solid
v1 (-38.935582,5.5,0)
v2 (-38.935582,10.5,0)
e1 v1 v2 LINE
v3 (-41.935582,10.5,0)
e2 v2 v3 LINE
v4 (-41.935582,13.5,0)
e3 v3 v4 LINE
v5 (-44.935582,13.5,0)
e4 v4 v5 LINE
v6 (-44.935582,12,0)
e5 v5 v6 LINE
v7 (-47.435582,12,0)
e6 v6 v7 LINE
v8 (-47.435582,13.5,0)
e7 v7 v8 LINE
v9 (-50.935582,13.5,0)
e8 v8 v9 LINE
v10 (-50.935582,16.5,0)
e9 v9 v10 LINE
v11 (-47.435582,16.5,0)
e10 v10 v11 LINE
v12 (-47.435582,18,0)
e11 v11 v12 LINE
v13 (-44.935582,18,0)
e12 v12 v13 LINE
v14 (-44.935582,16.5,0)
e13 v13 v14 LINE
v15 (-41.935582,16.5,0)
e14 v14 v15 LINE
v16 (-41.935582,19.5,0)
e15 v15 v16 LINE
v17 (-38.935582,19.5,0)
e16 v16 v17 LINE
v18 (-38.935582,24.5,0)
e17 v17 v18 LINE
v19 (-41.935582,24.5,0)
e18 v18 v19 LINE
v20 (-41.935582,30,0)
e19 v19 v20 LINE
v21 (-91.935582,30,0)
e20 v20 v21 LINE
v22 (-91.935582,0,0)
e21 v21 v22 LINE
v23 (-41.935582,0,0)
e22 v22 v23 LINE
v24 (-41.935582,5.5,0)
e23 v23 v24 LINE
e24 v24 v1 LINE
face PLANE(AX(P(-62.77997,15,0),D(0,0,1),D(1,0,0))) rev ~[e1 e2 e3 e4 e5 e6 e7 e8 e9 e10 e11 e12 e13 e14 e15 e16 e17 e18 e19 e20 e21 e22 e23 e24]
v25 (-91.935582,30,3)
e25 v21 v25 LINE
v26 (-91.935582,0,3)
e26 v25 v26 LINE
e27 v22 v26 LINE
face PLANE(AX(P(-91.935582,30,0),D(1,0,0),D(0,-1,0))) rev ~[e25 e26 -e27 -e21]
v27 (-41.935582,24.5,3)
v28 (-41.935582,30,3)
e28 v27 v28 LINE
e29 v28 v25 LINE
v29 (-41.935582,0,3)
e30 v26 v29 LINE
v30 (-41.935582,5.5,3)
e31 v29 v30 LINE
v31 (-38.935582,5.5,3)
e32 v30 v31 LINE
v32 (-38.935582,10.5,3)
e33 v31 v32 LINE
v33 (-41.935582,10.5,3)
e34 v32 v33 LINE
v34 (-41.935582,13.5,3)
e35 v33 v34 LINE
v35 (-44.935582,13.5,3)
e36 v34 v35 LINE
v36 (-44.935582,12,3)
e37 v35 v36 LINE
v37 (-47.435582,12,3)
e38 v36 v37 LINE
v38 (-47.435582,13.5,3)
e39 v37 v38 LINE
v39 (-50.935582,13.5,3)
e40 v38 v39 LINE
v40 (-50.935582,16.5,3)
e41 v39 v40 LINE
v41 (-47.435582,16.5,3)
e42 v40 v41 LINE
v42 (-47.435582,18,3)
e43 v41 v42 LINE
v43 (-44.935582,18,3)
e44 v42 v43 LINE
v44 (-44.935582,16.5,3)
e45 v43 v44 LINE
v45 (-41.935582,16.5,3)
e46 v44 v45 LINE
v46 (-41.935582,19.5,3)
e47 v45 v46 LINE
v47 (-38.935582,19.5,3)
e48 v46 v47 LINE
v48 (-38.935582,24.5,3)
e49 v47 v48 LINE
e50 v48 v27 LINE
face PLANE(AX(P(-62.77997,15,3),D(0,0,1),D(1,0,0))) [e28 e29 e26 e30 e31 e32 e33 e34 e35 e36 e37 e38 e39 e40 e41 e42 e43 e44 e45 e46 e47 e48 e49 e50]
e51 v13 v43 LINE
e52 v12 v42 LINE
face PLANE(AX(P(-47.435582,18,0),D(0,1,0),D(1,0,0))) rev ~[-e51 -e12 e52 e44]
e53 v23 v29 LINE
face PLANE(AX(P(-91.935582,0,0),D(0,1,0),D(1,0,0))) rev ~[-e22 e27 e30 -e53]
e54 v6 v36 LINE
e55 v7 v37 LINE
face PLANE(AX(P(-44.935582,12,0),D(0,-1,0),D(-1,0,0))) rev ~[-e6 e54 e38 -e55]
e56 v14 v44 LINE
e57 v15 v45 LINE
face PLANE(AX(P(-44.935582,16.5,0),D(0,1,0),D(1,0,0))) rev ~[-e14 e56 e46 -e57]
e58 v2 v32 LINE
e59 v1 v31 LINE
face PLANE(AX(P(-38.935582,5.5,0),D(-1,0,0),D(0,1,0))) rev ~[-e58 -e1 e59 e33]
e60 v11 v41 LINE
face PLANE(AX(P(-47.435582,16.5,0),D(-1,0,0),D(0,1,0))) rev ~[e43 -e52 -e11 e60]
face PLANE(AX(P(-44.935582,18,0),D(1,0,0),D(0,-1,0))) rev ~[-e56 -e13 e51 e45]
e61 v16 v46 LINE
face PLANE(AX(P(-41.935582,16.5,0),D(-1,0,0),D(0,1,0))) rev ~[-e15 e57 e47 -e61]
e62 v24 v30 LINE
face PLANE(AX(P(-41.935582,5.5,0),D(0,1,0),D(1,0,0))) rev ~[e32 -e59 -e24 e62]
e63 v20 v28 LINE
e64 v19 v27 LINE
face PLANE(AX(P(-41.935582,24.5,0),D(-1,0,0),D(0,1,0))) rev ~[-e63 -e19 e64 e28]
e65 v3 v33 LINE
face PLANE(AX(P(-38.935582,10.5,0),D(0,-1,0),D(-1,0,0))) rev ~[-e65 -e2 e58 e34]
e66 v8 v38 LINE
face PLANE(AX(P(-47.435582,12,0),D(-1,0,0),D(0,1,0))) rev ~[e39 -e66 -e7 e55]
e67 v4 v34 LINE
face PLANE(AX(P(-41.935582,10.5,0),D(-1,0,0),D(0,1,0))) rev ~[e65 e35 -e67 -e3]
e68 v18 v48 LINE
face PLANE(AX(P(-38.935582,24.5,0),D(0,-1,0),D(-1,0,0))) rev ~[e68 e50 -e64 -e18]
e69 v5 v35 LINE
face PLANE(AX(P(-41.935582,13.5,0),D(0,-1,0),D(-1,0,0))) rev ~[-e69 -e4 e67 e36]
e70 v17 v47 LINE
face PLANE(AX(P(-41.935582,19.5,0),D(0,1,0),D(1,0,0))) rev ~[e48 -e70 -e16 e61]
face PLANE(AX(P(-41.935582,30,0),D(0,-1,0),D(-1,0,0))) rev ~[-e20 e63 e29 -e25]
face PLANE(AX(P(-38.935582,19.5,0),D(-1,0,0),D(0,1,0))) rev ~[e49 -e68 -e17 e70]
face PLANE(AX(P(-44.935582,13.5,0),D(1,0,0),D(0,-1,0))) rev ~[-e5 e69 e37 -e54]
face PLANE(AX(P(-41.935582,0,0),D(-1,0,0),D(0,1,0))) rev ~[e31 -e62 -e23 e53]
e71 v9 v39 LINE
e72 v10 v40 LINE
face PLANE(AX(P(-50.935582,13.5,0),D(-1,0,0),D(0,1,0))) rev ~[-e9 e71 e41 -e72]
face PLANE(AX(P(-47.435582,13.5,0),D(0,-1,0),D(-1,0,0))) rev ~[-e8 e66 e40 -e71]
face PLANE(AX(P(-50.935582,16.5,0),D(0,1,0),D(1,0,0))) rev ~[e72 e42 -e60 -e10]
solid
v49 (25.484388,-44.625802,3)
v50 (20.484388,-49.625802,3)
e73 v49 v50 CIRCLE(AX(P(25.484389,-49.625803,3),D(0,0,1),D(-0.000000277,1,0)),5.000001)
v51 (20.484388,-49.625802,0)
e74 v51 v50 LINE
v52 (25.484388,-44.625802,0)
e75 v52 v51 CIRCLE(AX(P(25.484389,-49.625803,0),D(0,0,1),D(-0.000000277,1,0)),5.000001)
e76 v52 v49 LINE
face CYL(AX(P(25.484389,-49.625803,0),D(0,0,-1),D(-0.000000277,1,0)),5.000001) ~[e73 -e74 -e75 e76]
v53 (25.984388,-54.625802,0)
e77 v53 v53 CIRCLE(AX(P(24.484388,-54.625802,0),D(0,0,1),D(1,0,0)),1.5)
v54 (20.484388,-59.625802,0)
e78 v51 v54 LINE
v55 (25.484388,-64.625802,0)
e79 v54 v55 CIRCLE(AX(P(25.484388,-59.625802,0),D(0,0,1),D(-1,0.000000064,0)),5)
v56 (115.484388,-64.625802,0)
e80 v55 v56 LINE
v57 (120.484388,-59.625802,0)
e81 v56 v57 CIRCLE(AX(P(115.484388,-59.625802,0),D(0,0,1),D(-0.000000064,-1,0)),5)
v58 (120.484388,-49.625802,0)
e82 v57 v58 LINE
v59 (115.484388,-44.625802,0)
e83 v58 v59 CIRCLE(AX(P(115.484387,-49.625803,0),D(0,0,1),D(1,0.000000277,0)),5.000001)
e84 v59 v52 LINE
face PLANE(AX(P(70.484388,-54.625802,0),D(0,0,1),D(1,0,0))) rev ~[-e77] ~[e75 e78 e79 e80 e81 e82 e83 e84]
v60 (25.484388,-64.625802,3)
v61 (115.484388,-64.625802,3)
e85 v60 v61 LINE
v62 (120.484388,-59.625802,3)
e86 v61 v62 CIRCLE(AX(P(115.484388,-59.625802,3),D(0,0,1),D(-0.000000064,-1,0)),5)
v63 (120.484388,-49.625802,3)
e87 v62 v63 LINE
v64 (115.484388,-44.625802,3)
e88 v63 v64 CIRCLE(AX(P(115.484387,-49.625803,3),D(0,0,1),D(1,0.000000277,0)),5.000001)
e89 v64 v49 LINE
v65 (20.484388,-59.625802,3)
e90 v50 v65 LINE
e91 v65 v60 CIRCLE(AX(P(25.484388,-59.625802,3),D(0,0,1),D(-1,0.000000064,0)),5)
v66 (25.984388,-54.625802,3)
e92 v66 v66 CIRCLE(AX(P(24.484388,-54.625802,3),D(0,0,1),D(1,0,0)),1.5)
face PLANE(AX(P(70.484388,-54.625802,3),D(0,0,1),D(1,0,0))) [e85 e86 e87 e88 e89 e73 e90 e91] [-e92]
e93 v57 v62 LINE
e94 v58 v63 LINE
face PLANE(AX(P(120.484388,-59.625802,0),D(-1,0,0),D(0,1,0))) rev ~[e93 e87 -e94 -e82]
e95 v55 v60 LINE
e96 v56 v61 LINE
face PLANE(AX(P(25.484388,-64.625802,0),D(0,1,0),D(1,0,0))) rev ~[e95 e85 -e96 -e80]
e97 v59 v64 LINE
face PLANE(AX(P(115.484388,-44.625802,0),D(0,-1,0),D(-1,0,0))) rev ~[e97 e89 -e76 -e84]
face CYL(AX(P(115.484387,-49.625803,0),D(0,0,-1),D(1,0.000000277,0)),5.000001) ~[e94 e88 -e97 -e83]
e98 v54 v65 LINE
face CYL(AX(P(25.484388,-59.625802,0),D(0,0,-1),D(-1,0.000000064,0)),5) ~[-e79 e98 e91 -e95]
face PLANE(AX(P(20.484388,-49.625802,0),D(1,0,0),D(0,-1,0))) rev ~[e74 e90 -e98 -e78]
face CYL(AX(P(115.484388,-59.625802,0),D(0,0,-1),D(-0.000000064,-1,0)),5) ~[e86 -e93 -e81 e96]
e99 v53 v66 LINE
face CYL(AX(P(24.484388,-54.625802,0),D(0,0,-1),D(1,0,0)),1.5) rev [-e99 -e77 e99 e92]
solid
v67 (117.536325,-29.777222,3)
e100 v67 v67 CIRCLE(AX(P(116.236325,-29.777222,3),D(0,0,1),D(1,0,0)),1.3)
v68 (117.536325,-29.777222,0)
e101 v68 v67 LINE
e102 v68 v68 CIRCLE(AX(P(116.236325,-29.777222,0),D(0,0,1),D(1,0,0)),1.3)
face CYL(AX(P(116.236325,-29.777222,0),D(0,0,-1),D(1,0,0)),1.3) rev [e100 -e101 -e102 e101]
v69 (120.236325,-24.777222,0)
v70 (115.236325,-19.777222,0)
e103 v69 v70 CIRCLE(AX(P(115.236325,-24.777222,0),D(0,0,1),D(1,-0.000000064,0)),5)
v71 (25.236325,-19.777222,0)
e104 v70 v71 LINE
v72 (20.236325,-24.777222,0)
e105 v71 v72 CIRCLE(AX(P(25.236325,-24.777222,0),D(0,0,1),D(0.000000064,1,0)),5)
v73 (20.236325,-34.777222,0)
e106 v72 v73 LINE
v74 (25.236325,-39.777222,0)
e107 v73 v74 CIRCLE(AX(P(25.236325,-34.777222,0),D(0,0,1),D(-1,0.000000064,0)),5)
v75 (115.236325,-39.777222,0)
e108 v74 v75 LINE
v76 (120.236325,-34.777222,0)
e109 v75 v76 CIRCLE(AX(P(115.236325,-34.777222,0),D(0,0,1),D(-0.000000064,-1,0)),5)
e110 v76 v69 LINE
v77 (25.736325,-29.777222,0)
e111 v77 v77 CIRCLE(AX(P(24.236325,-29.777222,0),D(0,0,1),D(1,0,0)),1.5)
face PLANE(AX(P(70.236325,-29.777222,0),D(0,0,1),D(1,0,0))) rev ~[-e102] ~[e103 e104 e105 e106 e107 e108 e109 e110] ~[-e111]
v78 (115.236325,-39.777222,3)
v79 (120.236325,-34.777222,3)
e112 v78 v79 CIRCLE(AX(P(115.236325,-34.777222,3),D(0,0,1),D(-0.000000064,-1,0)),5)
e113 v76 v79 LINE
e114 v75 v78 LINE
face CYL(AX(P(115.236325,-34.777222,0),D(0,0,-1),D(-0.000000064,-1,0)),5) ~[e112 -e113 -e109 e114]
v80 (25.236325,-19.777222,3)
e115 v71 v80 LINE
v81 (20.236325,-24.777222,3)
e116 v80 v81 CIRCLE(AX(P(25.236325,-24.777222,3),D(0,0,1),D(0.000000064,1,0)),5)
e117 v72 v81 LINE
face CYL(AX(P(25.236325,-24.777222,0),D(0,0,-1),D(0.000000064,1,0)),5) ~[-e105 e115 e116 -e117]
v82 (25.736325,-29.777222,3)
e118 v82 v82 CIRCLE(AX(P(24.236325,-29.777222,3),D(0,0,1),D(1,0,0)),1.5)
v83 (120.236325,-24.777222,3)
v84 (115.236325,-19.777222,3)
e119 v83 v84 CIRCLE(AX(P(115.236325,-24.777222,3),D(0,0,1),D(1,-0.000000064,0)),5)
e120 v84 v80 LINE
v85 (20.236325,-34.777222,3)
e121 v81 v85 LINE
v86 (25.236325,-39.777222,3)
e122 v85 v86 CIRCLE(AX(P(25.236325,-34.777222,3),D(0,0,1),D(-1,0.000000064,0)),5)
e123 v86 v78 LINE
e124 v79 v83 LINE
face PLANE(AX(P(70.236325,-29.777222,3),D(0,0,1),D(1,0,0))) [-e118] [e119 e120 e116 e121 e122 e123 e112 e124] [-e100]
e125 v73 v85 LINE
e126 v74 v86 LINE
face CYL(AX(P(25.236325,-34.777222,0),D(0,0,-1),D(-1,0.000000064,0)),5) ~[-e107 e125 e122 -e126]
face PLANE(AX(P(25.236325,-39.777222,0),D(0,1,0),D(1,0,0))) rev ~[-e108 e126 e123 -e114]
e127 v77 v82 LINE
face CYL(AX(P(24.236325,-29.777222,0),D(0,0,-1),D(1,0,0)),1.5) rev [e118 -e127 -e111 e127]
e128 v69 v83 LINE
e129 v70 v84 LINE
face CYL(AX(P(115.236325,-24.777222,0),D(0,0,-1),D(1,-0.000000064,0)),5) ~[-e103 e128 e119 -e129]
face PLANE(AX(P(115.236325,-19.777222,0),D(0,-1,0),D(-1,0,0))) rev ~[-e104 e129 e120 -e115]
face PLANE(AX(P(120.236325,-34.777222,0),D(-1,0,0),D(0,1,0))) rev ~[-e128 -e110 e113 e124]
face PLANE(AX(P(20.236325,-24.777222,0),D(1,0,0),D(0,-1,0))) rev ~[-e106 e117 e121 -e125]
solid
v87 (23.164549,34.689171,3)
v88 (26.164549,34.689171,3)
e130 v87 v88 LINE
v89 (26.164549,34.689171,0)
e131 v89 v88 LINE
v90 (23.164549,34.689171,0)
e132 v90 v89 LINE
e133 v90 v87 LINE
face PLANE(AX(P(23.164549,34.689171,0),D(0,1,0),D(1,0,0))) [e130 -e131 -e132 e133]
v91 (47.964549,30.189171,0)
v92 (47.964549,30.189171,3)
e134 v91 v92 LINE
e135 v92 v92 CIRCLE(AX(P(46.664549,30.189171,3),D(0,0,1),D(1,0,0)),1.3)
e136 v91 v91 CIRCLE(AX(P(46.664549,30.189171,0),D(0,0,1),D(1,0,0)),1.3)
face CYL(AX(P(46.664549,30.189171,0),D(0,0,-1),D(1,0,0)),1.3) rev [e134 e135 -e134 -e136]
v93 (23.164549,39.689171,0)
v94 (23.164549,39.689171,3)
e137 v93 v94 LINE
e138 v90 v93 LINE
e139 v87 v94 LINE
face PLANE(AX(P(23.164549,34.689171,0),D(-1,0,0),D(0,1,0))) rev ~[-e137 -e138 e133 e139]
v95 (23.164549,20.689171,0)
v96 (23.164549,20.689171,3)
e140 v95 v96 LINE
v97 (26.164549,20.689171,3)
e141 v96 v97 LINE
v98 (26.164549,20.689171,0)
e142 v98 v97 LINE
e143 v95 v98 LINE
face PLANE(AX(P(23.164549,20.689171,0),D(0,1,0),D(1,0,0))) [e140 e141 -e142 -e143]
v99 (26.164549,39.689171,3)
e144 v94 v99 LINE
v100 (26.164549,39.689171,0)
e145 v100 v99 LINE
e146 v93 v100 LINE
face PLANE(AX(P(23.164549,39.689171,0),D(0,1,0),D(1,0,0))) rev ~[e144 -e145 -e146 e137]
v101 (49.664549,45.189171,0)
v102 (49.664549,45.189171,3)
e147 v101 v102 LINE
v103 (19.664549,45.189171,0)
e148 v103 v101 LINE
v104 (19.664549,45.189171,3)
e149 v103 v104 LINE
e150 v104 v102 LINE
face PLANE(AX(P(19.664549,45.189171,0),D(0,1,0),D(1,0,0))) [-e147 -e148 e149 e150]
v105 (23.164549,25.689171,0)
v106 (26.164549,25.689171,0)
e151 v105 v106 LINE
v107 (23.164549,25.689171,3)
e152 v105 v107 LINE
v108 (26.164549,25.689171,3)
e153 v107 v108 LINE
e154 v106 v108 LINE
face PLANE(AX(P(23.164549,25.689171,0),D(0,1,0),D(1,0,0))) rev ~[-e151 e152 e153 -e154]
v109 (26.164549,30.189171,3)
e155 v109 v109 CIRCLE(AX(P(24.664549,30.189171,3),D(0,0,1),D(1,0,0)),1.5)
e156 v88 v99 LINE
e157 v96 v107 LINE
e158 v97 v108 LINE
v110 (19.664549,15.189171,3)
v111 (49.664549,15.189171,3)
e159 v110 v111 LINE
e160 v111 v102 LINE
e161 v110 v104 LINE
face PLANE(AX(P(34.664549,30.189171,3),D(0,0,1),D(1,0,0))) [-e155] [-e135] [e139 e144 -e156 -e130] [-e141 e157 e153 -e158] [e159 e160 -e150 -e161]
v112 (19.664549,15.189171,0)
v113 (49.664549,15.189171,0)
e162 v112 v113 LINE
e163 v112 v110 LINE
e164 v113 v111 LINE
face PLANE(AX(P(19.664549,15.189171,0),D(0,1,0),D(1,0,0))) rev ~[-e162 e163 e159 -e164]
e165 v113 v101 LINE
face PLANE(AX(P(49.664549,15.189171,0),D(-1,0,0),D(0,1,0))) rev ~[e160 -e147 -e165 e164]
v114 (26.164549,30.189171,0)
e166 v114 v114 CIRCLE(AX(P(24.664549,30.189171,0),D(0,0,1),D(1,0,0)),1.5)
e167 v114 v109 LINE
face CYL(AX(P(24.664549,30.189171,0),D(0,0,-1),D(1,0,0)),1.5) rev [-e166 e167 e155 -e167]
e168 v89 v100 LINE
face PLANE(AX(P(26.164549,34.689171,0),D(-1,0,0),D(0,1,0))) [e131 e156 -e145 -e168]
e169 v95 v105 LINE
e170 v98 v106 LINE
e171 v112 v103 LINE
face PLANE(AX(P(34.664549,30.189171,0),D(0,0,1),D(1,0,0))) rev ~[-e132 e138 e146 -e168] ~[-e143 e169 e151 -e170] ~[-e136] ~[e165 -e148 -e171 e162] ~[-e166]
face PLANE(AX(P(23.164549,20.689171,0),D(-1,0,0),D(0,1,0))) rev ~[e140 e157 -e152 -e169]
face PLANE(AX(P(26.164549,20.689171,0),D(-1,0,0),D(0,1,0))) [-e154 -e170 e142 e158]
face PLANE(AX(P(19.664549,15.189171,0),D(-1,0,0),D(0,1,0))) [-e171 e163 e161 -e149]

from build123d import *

# Parameters (mm, degrees)
F2_DEPTH = 3
F1_W     = 30
F1_H     = 30
F1_W_2   = 3
F1_H_2   = 5
F1_R     = 1.5
F1_R_2   = 1.3
F3_DEPTH = 3
F4_R     = 1.5
F4_R_2   = 1.3
F5_DEPTH = 3
F6_DEPTH = 3


with BuildPart() as f2:
    # F0 (on Top) → F2 (new body)
    with BuildSketch(Plane.XY):
        Polygon((-38.935582, 24.5), (-41.935582, 24.5), (-41.935582, 30), (-91.935582, 30), (-91.935582, 0), (-41.935582, 0), (-41.935582, 5.5), (-38.935582, 5.5), (-38.935582, 10.5), (-41.935582, 10.5), (-41.935582, 13.5), (-44.935582, 13.5), (-44.935582, 12), (-47.435582, 12), (-47.435582, 13.5), (-50.935582, 13.5), (-50.935582, 16.5), (-47.435582, 16.5), (-47.435582, 18), (-44.935582, 18), (-44.935582, 16.5), (-41.935582, 16.5), (-41.935582, 19.5), (-38.935582, 19.5), align=None)
    extrude(amount=F2_DEPTH)


with BuildPart() as f3:
    # F1 (on Top) → F3 (new body)
    with BuildSketch(Plane.XY):
        with Locations((34.664549, 30.189171)):
            Rectangle(F1_W, F1_H)
        with Locations((24.664549, 23.189171)):
            Rectangle(F1_W_2, F1_H_2, mode=Mode.SUBTRACT)
        with Locations((24.664549, 30.189171)):
            Circle(F1_R, mode=Mode.SUBTRACT)
        with Locations((46.664549, 30.189171)):
            Circle(F1_R_2, mode=Mode.SUBTRACT)
        with Locations((24.664549, 37.189171)):
            Rectangle(F1_W_2, F1_H_2, mode=Mode.SUBTRACT)
    extrude(amount=F3_DEPTH)


with BuildPart() as f5:
    # F4 (on Top) → F5 (new body)
    with BuildSketch(Plane.XY):
        with BuildLine():
            Line((115.236325, -19.777222), (25.236325, -19.777222))
            ThreePointArc((25.236325, -19.777222), (21.700791, -21.241688), (20.236325, -24.777222))
            Line((20.236325, -24.777222), (20.236325, -34.777222))
            ThreePointArc((20.236325, -34.777222), (21.700791, -38.312756), (25.236325, -39.777222))
            Line((25.236325, -39.777222), (115.236325, -39.777222))
            ThreePointArc((115.236325, -39.777222), (118.771859, -38.312756), (120.236325, -34.777222))
            Line((120.236325, -34.777222), (120.236325, -24.777222))
            ThreePointArc((120.236325, -24.777222), (118.771859, -21.241688), (115.236325, -19.777222))
        make_face()
        with Locations((24.236325, -29.777222)):
            Circle(F4_R, mode=Mode.SUBTRACT)
        with Locations((116.236325, -29.777222)):
            Circle(F4_R_2, mode=Mode.SUBTRACT)
    extrude(amount=F5_DEPTH)


with BuildPart() as f6:
    # F4 (on Top) → F6 (new body)
    with BuildSketch(Plane.XY):
        with BuildLine():
            Line((115.484388, -44.625802), (25.484388, -44.625802))
            ThreePointArc((25.484388, -44.625802), (21.948854, -46.090269), (20.484388, -49.625802))
            Line((20.484388, -49.625802), (20.484388, -59.625802))
            ThreePointArc((20.484388, -59.625802), (21.948854, -63.161336), (25.484388, -64.625802))
            Line((25.484388, -64.625802), (115.484388, -64.625802))
            ThreePointArc((115.484388, -64.625802), (119.019922, -63.161336), (120.484388, -59.625802))
            Line((120.484388, -59.625802), (120.484388, -49.625802))
            ThreePointArc((120.484388, -49.625802), (119.019922, -46.090269), (115.484388, -44.625802))
        make_face()
        with Locations((24.484388, -54.625802)):
            Circle(F4_R, mode=Mode.SUBTRACT)
    extrude(amount=F6_DEPTH)


solid = Compound([f2.part, f3.part, f5.part, f6.part])
